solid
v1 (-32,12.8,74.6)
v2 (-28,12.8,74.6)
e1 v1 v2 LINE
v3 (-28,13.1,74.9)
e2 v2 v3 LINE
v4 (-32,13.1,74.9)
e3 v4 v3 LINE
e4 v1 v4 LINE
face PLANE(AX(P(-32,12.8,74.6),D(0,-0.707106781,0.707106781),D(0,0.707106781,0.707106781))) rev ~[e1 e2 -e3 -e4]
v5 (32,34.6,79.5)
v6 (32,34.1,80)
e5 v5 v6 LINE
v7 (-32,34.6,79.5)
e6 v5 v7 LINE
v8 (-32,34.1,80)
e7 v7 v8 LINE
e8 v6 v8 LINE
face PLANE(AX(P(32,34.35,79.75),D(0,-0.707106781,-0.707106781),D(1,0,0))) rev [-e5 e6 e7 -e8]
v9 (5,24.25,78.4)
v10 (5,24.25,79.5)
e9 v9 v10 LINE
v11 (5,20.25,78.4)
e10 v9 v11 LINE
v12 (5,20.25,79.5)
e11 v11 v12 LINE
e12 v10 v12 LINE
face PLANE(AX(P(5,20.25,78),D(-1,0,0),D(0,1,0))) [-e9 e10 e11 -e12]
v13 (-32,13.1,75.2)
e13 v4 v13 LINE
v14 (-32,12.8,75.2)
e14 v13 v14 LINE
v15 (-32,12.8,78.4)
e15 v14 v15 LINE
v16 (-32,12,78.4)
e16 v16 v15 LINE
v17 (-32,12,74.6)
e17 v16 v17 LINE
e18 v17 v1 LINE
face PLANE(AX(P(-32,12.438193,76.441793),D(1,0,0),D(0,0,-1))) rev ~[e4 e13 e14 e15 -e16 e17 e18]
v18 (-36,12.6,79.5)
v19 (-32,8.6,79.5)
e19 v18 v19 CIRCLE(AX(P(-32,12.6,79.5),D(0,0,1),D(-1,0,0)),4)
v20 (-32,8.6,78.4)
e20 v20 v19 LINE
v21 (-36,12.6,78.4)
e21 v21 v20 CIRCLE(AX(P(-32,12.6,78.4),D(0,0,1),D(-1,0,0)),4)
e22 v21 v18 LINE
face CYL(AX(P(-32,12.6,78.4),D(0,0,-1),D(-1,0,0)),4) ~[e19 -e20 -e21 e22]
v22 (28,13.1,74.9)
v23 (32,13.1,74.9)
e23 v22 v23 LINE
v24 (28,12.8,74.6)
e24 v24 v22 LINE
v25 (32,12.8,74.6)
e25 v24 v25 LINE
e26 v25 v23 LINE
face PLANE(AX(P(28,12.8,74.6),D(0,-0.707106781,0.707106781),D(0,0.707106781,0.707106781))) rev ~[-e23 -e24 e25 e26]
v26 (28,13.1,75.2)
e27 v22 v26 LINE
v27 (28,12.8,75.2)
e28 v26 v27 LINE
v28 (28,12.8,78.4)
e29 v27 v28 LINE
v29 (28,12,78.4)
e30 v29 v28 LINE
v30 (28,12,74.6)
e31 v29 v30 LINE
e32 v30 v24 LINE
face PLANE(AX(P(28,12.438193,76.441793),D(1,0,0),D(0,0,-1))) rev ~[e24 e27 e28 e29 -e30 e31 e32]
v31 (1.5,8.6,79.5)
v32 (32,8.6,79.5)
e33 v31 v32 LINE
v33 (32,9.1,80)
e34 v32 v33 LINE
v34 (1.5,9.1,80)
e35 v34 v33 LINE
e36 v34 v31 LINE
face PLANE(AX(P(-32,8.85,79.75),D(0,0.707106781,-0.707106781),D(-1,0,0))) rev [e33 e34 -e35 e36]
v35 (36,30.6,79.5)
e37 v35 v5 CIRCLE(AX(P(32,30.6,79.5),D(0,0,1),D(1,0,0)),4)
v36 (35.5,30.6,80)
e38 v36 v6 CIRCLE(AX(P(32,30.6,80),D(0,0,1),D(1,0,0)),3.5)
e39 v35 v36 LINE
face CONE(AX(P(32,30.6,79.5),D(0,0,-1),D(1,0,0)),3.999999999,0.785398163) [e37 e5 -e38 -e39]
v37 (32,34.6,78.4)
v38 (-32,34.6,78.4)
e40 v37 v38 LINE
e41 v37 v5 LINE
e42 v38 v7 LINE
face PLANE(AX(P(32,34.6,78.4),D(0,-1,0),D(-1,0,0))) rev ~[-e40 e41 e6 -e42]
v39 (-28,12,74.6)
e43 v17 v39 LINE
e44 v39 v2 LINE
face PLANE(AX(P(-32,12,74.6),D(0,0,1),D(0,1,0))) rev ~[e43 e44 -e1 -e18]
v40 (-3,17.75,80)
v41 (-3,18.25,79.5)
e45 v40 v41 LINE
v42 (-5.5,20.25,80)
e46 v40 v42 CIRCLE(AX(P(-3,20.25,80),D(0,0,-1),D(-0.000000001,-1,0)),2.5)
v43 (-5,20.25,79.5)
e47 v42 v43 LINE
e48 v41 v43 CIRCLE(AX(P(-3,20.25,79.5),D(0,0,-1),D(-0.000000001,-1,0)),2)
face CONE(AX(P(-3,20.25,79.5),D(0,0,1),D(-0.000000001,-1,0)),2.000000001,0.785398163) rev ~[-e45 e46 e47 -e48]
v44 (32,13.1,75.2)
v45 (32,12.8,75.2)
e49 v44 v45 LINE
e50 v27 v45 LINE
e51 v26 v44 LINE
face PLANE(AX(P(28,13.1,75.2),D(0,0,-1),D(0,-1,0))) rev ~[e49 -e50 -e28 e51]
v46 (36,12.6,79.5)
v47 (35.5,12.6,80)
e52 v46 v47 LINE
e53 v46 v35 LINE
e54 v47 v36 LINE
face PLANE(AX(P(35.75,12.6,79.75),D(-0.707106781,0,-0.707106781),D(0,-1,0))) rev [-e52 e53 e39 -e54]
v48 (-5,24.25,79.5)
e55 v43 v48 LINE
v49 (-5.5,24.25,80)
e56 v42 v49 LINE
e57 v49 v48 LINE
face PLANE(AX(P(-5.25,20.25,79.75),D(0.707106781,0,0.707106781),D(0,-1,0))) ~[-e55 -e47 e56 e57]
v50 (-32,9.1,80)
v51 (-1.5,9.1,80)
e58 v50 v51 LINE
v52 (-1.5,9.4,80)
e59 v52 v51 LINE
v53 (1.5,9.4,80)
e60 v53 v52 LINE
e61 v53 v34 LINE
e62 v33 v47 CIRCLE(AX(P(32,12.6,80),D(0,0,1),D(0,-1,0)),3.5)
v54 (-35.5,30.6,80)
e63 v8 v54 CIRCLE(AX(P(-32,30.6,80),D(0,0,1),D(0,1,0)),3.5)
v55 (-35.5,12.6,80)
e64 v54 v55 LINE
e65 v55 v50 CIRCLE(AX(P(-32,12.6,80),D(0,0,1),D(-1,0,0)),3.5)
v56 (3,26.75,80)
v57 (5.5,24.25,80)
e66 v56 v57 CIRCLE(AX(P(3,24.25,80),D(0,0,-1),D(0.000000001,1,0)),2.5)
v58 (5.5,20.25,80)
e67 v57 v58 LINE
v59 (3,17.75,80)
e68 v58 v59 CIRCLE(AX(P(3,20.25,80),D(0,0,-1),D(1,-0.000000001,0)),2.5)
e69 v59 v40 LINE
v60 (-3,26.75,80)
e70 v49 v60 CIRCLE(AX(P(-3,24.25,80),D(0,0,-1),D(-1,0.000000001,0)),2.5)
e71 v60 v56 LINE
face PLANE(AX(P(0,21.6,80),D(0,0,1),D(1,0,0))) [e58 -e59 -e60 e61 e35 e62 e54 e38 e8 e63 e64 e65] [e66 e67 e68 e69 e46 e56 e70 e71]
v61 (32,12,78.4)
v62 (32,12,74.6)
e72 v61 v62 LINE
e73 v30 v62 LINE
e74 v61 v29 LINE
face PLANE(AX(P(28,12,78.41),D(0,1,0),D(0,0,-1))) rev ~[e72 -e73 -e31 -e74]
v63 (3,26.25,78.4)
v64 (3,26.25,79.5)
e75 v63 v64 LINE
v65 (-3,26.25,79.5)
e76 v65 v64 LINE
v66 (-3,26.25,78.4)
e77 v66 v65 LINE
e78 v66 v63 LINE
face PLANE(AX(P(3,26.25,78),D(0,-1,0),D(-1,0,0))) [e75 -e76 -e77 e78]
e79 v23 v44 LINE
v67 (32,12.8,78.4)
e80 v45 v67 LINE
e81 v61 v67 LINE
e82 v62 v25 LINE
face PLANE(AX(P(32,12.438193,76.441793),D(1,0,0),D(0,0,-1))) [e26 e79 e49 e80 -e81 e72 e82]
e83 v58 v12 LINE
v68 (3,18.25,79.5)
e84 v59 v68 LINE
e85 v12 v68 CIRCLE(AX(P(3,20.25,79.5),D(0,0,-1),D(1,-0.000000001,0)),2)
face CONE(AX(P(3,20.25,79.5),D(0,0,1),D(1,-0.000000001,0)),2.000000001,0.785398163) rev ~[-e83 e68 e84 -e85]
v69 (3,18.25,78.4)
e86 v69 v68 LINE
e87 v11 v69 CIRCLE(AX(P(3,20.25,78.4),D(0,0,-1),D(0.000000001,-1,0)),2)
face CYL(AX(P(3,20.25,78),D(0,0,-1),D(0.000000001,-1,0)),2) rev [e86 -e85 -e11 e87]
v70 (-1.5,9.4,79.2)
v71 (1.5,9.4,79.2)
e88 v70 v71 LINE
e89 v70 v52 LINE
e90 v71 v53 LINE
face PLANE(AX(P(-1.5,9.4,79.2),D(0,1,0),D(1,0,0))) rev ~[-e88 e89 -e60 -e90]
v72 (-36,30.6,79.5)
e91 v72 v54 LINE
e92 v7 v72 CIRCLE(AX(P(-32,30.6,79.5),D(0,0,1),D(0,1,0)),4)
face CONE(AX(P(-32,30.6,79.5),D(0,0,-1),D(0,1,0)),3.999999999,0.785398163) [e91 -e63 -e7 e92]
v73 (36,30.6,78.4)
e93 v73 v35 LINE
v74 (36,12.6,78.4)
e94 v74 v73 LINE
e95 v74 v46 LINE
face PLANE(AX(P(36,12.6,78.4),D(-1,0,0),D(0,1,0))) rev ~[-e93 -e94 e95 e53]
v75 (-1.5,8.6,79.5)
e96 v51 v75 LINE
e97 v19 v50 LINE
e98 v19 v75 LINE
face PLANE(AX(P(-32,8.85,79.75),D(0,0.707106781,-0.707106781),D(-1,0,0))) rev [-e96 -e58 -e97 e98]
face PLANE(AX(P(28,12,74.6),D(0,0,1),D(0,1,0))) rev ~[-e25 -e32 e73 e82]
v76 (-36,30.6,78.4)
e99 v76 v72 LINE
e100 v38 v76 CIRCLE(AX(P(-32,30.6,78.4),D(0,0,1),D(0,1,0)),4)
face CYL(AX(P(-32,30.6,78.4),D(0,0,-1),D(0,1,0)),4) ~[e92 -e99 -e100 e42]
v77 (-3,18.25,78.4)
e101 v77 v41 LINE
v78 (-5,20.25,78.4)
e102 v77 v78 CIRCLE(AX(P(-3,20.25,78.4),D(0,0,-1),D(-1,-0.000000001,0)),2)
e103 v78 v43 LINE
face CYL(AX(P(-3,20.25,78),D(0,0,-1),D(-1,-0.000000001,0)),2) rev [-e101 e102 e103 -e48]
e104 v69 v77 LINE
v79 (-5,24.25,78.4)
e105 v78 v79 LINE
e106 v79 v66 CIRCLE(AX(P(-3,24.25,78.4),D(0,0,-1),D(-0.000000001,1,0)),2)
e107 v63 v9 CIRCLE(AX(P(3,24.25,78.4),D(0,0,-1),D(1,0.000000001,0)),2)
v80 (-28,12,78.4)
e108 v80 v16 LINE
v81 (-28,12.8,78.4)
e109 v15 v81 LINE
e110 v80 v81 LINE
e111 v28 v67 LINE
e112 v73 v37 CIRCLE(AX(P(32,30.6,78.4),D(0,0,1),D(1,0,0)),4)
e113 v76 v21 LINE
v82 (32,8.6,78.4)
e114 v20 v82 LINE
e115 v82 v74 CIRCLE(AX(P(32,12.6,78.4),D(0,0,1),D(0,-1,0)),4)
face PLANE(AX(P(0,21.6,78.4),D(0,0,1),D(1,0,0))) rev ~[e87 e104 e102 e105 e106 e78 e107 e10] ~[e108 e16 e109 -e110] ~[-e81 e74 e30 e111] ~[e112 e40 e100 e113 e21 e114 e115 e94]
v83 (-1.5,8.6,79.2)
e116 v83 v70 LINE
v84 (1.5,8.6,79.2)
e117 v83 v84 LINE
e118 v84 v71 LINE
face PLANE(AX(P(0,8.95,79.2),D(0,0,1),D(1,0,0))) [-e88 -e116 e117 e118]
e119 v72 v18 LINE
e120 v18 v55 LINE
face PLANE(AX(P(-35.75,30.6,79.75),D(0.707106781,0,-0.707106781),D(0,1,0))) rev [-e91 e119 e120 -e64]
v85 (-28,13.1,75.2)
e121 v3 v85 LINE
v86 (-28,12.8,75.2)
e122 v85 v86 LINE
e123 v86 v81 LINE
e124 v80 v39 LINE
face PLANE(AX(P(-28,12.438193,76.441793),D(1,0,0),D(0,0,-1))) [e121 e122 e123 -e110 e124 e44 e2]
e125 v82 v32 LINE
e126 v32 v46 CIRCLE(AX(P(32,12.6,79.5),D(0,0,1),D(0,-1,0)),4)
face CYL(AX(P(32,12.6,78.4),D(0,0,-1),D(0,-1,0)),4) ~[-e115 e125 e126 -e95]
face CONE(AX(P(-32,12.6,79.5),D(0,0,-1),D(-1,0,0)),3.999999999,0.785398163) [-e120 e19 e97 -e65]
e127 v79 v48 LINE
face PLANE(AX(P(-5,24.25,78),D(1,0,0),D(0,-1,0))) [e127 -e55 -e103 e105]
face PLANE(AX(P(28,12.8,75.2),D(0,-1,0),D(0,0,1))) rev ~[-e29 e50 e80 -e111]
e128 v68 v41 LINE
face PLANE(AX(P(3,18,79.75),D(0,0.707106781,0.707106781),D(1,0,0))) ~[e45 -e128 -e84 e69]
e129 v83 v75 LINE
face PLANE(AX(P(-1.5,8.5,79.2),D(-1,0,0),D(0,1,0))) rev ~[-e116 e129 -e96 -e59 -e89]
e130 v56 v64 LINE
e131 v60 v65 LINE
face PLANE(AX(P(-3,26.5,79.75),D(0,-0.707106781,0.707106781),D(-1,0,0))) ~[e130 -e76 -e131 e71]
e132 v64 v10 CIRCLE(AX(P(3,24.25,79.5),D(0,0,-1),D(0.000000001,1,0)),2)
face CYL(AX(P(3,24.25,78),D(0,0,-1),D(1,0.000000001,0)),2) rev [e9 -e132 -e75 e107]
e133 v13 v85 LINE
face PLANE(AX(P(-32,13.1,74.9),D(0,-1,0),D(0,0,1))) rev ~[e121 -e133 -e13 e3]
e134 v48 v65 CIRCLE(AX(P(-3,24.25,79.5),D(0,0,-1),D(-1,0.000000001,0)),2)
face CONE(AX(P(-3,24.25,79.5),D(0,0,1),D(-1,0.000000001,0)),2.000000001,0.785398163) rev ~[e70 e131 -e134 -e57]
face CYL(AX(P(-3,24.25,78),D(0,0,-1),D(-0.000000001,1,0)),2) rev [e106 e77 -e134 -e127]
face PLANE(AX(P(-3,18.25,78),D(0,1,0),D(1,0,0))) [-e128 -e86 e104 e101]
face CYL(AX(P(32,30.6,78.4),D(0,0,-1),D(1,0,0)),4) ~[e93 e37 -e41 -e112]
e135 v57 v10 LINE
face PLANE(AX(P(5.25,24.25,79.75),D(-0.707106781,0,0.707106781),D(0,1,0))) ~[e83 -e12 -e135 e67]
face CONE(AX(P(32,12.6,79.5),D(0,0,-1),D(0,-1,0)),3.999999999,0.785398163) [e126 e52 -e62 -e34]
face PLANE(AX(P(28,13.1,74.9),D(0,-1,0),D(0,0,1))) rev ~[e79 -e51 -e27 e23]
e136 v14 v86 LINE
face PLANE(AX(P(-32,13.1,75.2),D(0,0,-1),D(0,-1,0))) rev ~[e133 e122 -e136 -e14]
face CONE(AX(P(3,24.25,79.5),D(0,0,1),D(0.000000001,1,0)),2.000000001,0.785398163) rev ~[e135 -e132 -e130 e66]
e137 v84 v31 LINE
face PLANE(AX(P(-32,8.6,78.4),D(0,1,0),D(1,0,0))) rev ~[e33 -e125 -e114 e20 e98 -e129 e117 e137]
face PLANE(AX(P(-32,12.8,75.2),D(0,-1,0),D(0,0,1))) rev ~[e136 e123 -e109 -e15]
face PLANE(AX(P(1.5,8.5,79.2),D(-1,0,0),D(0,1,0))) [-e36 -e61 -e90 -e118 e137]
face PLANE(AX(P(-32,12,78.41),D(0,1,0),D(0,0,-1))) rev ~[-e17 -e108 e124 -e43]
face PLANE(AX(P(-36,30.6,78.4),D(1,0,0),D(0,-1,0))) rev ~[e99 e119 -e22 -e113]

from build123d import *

# Parameters (mm, degrees)
BOSS_EXTRUDE1_START = 78.4
BOSS_EXTRUDE1_DEPTH = 1.6
CHAMFER1_SIZE       = 0.5
BOSS_EXTRUDE2_START = 78
BOSS_EXTRUDE2_DEPTH = 3
CHAMFER2_SIZE       = 0.5
BOSS_EXTRUDE3_START = 79.2
SKETCH3_W           = 3
SKETCH3_H           = 0.9
BOSS_EXTRUDE3_DEPTH = 0.9
BOSS_EXTRUDE4_START = -32
BOSS_EXTRUDE4_DEPTH = 4
BOSS_EXTRUDE5_START = 28
BOSS_EXTRUDE5_DEPTH = 4


with BuildPart() as part:
    # Sketch1 → Boss-Extrude1 (new body)
    with BuildSketch(Plane.XY.offset(BOSS_EXTRUDE1_START)):
        with BuildLine():
            Line((-32, 8.6), (32, 8.6))
            ThreePointArc((32, 8.6), (34.828427125, 9.771572875), (36, 12.6))
            Line((36, 12.6), (36, 30.6))
            ThreePointArc((36, 30.6), (34.828427125, 33.428427125), (32, 34.6))
            Line((32, 34.6), (-32, 34.6))
            ThreePointArc((-32, 34.6), (-34.828427125, 33.428427125), (-36, 30.6))
            Line((-36, 30.6), (-36, 12.6))
            ThreePointArc((-36, 12.6), (-34.828427125, 9.771572875), (-32, 8.6))
        make_face()
    extrude(amount=BOSS_EXTRUDE1_DEPTH)

    # Chamfer1
    chamfer1_edges = [part.edges().sort_by_distance(p)[0] for p in [
        (34.828427125, 9.771572875, 80),
        (36, 21.6, 80),
        (34.828427125, 33.428427125, 80),
        (0, 34.6, 80),
        (-34.828427125, 33.428427125, 80),
        (-36, 21.6, 80),
        (-34.828427125, 9.771572875, 80),
        (0, 8.6, 80),
    ]]
    chamfer(chamfer1_edges, length=CHAMFER1_SIZE)


with BuildPart() as body_2:
    # Sketch2 → Boss-Extrude2 (new body)
    with BuildSketch(Plane.XY.offset(BOSS_EXTRUDE2_START)):
        with BuildLine():
            Line((-3, 18.25), (3, 18.25))
            ThreePointArc((3, 18.25), (4.414213562, 18.835786438), (5, 20.25))
            Line((5, 20.25), (5, 24.25))
            ThreePointArc((5, 24.25), (4.414213562, 25.664213562), (3, 26.25))
            Line((3, 26.25), (-3, 26.25))
            ThreePointArc((-3, 26.25), (-4.414213562, 25.664213562), (-5, 24.25))
            Line((-5, 24.25), (-5, 20.25))
            ThreePointArc((-5, 20.25), (-4.414213562, 18.835786438), (-3, 18.25))
        make_face()
    extrude(amount=BOSS_EXTRUDE2_DEPTH)


with BuildPart() as part_1:
    add(part.part)

    # Combine1: cut body 2
    add(body_2.part, mode=Mode.SUBTRACT)

    # Chamfer2
    chamfer2_edges = [part_1.edges().sort_by_distance(p)[0] for p in [
        (-4.414213562, 18.835786438, 80),
        (0, 18.25, 80),
        (4.414213562, 18.835786438, 80),
        (5, 22.25, 80),
        (4.414213562, 25.664213562, 80),
        (0, 26.25, 80),
        (-4.414213562, 25.664213562, 80),
        (-5, 22.25, 80),
    ]]
    chamfer(chamfer2_edges, length=CHAMFER2_SIZE)


with BuildPart() as body_2_2:
    # Sketch3 → Boss-Extrude3 (new body)
    with BuildSketch(Plane.XY.offset(BOSS_EXTRUDE3_START)):
        with Locations((0, 8.95)):
            Rectangle(SKETCH3_W, SKETCH3_H)
    extrude(amount=BOSS_EXTRUDE3_DEPTH)


with BuildPart() as part_2:
    add(part_1.part)

    # Combine2: cut body 2 2
    add(body_2_2.part, mode=Mode.SUBTRACT)

    # Sketch4 → Boss-Extrude4 (add)
    with BuildSketch(Plane(origin=(0, 0, 0), x_dir=(0, 0, -1), z_dir=(1, 0, 0)).offset(BOSS_EXTRUDE4_START)):
        Polygon((-78.41, 12), (-74.6, 12), (-74.6, 12.8), (-74.9, 13.1), (-75.2, 13.1), (-75.2, 12.8), (-78.41, 12.8), align=None)
    extrude(amount=BOSS_EXTRUDE4_DEPTH)

    # Sketch5 → Boss-Extrude5 (add)
    with BuildSketch(Plane(origin=(0, 0, 0), x_dir=(0, 0, -1), z_dir=(1, 0, 0)).offset(BOSS_EXTRUDE5_START)):
        Polygon((-78.41, 12), (-74.6, 12), (-74.6, 12.8), (-74.9, 13.1), (-75.2, 13.1), (-75.2, 12.8), (-78.41, 12.8), align=None)
    extrude(amount=BOSS_EXTRUDE5_DEPTH)


solid = part_2.part
